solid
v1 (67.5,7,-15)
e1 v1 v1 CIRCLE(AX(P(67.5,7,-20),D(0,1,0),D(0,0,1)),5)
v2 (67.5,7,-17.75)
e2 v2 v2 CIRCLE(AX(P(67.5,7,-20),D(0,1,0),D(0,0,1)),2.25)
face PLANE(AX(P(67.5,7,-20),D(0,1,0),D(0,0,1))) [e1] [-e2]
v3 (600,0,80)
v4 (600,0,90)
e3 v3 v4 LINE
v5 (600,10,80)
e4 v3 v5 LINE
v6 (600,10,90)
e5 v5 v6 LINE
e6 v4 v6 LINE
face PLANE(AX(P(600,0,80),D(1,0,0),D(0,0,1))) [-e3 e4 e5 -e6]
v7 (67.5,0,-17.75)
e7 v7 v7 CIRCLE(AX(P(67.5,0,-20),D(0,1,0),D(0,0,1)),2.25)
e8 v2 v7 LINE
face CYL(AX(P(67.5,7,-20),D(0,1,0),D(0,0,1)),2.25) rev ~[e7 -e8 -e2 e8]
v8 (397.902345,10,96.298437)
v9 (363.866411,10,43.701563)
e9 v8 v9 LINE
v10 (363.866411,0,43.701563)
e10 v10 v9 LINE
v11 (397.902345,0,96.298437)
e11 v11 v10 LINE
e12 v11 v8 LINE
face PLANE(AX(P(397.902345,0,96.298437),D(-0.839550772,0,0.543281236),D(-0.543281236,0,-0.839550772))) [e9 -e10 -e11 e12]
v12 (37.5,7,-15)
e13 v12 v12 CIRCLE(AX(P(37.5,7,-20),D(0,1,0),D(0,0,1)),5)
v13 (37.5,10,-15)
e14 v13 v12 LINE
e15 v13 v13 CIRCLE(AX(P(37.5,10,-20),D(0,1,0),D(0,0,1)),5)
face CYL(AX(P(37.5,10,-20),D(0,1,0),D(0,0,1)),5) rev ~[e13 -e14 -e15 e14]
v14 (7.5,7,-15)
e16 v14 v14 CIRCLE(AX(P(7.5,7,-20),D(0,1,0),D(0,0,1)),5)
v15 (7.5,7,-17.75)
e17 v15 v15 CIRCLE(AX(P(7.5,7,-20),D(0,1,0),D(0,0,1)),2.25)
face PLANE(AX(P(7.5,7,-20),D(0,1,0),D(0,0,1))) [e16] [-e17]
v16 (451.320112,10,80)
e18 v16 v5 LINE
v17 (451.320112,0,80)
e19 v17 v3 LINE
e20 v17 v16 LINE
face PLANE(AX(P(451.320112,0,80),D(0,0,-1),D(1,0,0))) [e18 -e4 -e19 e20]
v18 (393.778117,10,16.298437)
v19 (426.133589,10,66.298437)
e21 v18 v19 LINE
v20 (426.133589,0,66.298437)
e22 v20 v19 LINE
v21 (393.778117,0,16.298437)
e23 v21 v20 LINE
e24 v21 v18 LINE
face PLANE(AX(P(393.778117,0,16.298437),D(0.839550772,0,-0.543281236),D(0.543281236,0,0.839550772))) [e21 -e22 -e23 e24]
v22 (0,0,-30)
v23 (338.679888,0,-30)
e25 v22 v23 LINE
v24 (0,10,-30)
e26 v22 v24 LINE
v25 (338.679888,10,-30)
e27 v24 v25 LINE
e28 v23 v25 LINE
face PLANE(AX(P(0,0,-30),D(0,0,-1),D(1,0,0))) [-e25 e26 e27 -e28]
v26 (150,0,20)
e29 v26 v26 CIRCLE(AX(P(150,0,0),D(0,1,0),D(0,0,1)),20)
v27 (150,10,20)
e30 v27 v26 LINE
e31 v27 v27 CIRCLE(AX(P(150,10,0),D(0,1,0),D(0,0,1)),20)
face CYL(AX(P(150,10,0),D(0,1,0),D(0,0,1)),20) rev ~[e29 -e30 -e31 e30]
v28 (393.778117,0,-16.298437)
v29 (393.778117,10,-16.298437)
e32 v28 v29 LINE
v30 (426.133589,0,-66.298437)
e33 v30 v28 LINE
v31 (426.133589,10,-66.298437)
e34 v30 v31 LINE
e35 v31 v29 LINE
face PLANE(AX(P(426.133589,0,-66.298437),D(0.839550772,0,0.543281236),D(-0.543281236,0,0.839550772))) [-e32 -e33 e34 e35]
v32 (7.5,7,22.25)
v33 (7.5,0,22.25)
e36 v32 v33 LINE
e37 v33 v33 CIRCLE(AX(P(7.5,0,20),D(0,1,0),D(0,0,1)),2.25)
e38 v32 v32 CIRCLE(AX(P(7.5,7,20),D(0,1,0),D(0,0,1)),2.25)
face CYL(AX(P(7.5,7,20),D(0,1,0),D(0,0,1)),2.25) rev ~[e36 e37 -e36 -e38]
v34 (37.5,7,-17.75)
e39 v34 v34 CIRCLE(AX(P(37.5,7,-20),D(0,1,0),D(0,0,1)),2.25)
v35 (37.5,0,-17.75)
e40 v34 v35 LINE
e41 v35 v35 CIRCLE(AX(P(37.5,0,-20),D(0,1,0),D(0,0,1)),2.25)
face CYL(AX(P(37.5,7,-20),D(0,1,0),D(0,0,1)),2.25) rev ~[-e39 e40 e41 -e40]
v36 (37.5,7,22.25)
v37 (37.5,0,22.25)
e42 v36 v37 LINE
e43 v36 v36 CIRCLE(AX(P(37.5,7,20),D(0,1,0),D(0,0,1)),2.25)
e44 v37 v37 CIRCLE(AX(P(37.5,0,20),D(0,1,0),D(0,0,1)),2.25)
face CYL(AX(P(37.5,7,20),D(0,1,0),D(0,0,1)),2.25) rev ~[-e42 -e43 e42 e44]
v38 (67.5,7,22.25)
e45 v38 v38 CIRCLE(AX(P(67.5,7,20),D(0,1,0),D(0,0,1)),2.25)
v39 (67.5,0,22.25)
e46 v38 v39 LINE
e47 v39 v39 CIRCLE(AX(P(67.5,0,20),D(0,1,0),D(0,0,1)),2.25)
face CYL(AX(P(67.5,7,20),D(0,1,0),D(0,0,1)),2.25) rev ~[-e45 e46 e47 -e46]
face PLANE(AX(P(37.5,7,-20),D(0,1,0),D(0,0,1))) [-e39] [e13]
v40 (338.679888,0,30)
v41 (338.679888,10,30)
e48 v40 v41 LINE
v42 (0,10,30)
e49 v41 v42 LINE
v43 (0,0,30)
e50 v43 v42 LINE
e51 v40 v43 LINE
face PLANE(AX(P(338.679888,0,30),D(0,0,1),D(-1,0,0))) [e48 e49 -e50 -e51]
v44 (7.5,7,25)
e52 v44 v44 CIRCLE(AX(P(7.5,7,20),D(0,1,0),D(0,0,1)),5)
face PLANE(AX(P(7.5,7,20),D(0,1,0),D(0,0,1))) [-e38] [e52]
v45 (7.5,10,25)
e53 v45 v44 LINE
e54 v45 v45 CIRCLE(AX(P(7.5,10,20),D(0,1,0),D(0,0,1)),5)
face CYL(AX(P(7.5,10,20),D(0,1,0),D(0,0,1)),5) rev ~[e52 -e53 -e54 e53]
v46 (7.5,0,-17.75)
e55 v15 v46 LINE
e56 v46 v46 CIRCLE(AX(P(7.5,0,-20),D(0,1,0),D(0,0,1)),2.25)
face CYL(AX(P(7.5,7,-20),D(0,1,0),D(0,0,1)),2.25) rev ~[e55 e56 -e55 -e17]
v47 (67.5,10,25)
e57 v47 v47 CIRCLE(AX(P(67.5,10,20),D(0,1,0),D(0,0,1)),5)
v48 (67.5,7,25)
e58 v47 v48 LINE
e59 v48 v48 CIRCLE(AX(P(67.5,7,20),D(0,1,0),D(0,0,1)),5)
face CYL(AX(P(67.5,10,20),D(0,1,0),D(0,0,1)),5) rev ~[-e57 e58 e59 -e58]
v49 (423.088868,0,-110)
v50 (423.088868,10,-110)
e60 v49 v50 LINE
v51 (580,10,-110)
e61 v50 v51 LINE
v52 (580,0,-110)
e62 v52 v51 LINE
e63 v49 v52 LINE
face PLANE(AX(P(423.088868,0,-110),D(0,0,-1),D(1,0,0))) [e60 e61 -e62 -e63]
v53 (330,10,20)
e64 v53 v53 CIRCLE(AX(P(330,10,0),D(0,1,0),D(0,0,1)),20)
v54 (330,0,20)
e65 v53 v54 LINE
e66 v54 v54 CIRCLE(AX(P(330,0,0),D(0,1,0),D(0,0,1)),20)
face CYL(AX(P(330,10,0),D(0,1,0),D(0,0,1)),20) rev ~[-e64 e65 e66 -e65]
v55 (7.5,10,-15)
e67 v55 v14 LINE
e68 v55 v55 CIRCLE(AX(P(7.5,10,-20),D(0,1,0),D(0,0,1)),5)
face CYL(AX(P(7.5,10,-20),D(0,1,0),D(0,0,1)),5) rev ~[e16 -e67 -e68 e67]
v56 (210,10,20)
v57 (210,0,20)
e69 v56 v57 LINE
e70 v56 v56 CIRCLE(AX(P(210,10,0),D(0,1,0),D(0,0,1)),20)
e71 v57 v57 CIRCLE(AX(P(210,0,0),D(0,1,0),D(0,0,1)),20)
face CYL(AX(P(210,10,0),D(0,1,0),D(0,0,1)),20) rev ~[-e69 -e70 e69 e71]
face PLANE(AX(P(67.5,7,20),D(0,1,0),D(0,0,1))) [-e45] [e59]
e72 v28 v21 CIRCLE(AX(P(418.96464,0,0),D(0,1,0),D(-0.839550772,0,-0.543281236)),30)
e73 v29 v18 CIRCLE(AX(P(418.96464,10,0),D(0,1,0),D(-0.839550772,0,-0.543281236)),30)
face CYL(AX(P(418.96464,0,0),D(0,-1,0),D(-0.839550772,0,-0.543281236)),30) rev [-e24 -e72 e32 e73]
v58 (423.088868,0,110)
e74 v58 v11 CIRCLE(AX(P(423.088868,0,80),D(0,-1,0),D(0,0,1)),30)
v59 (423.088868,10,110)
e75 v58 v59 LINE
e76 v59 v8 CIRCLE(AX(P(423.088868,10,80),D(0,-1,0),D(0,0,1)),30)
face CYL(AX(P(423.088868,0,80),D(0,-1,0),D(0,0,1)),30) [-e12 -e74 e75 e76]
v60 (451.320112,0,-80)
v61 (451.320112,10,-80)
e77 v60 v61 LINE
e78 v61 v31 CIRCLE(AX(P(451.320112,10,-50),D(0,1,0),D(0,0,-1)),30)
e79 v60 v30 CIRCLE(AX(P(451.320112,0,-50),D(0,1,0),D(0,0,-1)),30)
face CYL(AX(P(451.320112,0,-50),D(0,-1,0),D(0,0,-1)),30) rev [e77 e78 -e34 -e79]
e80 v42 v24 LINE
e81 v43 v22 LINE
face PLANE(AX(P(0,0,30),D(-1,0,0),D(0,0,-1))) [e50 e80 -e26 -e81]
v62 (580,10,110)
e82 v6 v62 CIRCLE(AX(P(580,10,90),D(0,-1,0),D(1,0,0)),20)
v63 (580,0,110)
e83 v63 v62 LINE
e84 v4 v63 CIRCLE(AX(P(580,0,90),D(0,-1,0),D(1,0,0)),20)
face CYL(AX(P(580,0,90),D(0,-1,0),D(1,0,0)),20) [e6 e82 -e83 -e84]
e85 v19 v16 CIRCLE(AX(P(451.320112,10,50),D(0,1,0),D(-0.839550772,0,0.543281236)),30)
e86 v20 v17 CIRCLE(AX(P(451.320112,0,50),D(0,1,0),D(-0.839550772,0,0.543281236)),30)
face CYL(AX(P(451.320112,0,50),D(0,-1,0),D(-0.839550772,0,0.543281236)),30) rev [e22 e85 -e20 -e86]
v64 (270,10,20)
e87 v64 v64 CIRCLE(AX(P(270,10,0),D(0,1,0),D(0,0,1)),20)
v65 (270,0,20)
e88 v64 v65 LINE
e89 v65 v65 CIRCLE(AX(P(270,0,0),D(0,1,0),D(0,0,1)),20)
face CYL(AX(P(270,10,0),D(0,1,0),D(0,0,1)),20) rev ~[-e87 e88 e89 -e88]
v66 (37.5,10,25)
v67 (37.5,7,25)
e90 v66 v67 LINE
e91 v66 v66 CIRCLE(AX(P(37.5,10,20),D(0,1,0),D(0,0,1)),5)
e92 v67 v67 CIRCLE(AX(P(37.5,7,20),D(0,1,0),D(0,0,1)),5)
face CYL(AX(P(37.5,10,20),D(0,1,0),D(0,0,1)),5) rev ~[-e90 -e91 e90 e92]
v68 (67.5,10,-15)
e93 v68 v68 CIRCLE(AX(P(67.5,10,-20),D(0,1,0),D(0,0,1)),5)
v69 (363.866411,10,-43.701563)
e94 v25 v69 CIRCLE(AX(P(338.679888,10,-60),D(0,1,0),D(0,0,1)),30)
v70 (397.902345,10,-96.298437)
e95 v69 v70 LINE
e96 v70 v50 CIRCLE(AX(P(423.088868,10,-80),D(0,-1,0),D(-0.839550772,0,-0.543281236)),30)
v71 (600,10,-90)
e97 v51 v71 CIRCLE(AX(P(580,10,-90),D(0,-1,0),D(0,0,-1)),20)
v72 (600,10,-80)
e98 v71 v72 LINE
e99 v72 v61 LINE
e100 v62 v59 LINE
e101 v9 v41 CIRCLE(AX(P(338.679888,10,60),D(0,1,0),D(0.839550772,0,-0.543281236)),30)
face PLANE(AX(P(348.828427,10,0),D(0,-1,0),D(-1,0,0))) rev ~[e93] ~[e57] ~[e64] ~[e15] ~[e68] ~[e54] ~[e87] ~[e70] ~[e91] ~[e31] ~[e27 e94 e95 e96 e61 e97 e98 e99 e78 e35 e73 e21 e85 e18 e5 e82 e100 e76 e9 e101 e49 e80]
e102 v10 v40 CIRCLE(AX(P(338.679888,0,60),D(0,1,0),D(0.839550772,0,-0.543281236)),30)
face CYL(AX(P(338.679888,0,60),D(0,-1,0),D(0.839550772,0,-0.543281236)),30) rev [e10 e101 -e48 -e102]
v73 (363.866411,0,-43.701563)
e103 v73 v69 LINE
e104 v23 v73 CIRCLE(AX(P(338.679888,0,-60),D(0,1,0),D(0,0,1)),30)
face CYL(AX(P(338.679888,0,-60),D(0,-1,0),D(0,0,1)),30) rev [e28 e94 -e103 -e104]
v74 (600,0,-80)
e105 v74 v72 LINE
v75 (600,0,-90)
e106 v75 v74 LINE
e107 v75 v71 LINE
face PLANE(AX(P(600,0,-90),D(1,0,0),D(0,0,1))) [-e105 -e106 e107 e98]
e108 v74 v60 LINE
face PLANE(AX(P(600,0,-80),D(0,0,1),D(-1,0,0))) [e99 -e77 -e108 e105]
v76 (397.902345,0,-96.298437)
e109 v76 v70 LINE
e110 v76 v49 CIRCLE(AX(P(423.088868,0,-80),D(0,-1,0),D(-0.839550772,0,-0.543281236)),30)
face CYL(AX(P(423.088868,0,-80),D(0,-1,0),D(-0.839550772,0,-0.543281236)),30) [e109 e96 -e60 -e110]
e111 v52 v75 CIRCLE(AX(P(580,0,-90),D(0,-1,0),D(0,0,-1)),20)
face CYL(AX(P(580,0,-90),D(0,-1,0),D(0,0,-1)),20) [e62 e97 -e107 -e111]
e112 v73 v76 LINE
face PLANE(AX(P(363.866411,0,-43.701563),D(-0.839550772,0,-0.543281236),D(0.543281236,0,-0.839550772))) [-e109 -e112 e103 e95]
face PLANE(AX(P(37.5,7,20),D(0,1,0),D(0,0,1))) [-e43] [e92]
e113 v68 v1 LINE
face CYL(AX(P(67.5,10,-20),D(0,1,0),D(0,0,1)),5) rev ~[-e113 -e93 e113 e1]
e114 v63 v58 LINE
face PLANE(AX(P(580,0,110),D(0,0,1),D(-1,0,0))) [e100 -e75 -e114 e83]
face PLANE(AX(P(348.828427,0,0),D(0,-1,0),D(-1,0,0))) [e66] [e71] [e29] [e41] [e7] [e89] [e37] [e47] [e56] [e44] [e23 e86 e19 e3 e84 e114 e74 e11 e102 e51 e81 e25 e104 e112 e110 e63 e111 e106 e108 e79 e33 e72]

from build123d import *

# Parameters (mm, degrees)
EXTRUDE_1_DEPTH     = 10
SKETCH_3_R          = 20
CUT_EXTRUDE_1_DEPTH = 611.081961707
SKETCH_4_R          = 5
CUT_EXTRUDE_2_DEPTH = 3
SKETCH_5_R          = 2.25
CUT_EXTRUDE_3_DEPTH = 611.040162612


with BuildPart() as part:
    # 스케치1 → 보스-돌출1 (new body)
    with BuildSketch(Plane(origin=(0, 0, 0), x_dir=(1, 0, 0), z_dir=(0, 1, 0))):
        with BuildLine():
            Line((363.866410807, 43.701562934), (397.902344915, 96.298437066))
            ThreePointArc((397.902344915, 96.298437066), (408.752779214, 106.352923101), (423.088868082, 110))
            Line((423.088868082, 110), (580, 110))
            ThreePointArc((580, 110), (594.142135624, 104.142135624), (600, 90))
            Line((600, 90), (600, 80))
            Line((600, 80), (451.32011236, 80))
            ThreePointArc((451.32011236, 80), (436.984023492, 76.352923101), (426.133589193, 66.298437066))
            Line((426.133589193, 66.298437066), (393.778116867, 16.298437066))
            ThreePointArc((393.778116867, 16.298437066), (388.964640033, 0), (393.778116867, -16.298437066))
            Line((393.778116867, -16.298437066), (426.133589193, -66.298437066))
            ThreePointArc((426.133589193, -66.298437066), (436.984023492, -76.352923101), (451.32011236, -80))
            Line((451.32011236, -80), (600, -80))
            Line((600, -80), (600, -90))
            ThreePointArc((600, -90), (594.142135624, -104.142135624), (580, -110))
            Line((580, -110), (423.088868082, -110))
            ThreePointArc((423.088868082, -110), (408.752779214, -106.352923101), (397.902344915, -96.298437066))
            Line((397.902344915, -96.298437066), (363.866410807, -43.701562934))
            ThreePointArc((363.866410807, -43.701562934), (353.015976508, -33.647076899), (338.67988764, -30))
            Line((338.67988764, -30), (0, -30))
            Line((0, -30), (0, 30))
            Line((0, 30), (338.67988764, 30))
            ThreePointArc((338.67988764, 30), (353.015976508, 33.647076899), (363.866410807, 43.701562934))
        make_face()
    extrude(amount=EXTRUDE_1_DEPTH)

    # 스케치3 → 컷-돌출1 (cut, through all)
    with BuildSketch(Plane(origin=(0, 10, 0), x_dir=(1, 0, 0), z_dir=(0, 1, 0))):
        with Locations(Location((150, 0, 0), (0, 0, 270))):
            Circle(SKETCH_3_R)
        with Locations(Location((210, 0, 0), (0, 0, 270))):
            Circle(SKETCH_3_R)
        with Locations(Location((270, 0, 0), (0, 0, 270))):
            Circle(SKETCH_3_R)
        with Locations(Location((330, 0, 0), (0, 0, 270))):
            Circle(SKETCH_3_R)
    extrude(amount=-CUT_EXTRUDE_1_DEPTH, mode=Mode.SUBTRACT)

    # 스케치4 → 컷-돌출2 (cut)
    with BuildSketch(Plane(origin=(0, 10, 0), x_dir=(1, 0, 0), z_dir=(0, 1, 0))):
        with Locations(Location((7.5, 20, 0), (0, 0, 270))):
            Circle(SKETCH_4_R)
        with Locations(Location((37.5, 20, 0), (0, 0, 270))):
            Circle(SKETCH_4_R)
        with Locations(Location((67.5, 20, 0), (0, 0, 270))):
            Circle(SKETCH_4_R)
        with Locations(Location((7.5, -20, 0), (0, 0, 270))):
            Circle(SKETCH_4_R)
        with Locations(Location((37.5, -20, 0), (0, 0, 270))):
            Circle(SKETCH_4_R)
        with Locations(Location((67.5, -20, 0), (0, 0, 270))):
            Circle(SKETCH_4_R)
    extrude(amount=-CUT_EXTRUDE_2_DEPTH, mode=Mode.SUBTRACT)

    # 스케치5 → 컷-돌출3 (cut, through all)
    with BuildSketch(Plane(origin=(0, 7, 0), x_dir=(1, 0, 0), z_dir=(0, 1, 0))):
        with Locations(Location((37.5, 20, 0), (0, 0, 270))):
            Circle(SKETCH_5_R)
        with Locations(Location((67.5, 20, 0), (0, 0, 270))):
            Circle(SKETCH_5_R)
        with Locations(Location((67.5, -20, 0), (0, 0, 270))):
            Circle(SKETCH_5_R)
        with Locations(Location((37.5, -20, 0), (0, 0, 270))):
            Circle(SKETCH_5_R)
        with Locations(Location((7.5, -20, 0), (0, 0, 270))):
            Circle(SKETCH_5_R)
        with Locations(Location((7.5, 20, 0), (0, 0, 270))):
            Circle(SKETCH_5_R)
    extrude(amount=-CUT_EXTRUDE_3_DEPTH, mode=Mode.SUBTRACT)


solid = part.part
